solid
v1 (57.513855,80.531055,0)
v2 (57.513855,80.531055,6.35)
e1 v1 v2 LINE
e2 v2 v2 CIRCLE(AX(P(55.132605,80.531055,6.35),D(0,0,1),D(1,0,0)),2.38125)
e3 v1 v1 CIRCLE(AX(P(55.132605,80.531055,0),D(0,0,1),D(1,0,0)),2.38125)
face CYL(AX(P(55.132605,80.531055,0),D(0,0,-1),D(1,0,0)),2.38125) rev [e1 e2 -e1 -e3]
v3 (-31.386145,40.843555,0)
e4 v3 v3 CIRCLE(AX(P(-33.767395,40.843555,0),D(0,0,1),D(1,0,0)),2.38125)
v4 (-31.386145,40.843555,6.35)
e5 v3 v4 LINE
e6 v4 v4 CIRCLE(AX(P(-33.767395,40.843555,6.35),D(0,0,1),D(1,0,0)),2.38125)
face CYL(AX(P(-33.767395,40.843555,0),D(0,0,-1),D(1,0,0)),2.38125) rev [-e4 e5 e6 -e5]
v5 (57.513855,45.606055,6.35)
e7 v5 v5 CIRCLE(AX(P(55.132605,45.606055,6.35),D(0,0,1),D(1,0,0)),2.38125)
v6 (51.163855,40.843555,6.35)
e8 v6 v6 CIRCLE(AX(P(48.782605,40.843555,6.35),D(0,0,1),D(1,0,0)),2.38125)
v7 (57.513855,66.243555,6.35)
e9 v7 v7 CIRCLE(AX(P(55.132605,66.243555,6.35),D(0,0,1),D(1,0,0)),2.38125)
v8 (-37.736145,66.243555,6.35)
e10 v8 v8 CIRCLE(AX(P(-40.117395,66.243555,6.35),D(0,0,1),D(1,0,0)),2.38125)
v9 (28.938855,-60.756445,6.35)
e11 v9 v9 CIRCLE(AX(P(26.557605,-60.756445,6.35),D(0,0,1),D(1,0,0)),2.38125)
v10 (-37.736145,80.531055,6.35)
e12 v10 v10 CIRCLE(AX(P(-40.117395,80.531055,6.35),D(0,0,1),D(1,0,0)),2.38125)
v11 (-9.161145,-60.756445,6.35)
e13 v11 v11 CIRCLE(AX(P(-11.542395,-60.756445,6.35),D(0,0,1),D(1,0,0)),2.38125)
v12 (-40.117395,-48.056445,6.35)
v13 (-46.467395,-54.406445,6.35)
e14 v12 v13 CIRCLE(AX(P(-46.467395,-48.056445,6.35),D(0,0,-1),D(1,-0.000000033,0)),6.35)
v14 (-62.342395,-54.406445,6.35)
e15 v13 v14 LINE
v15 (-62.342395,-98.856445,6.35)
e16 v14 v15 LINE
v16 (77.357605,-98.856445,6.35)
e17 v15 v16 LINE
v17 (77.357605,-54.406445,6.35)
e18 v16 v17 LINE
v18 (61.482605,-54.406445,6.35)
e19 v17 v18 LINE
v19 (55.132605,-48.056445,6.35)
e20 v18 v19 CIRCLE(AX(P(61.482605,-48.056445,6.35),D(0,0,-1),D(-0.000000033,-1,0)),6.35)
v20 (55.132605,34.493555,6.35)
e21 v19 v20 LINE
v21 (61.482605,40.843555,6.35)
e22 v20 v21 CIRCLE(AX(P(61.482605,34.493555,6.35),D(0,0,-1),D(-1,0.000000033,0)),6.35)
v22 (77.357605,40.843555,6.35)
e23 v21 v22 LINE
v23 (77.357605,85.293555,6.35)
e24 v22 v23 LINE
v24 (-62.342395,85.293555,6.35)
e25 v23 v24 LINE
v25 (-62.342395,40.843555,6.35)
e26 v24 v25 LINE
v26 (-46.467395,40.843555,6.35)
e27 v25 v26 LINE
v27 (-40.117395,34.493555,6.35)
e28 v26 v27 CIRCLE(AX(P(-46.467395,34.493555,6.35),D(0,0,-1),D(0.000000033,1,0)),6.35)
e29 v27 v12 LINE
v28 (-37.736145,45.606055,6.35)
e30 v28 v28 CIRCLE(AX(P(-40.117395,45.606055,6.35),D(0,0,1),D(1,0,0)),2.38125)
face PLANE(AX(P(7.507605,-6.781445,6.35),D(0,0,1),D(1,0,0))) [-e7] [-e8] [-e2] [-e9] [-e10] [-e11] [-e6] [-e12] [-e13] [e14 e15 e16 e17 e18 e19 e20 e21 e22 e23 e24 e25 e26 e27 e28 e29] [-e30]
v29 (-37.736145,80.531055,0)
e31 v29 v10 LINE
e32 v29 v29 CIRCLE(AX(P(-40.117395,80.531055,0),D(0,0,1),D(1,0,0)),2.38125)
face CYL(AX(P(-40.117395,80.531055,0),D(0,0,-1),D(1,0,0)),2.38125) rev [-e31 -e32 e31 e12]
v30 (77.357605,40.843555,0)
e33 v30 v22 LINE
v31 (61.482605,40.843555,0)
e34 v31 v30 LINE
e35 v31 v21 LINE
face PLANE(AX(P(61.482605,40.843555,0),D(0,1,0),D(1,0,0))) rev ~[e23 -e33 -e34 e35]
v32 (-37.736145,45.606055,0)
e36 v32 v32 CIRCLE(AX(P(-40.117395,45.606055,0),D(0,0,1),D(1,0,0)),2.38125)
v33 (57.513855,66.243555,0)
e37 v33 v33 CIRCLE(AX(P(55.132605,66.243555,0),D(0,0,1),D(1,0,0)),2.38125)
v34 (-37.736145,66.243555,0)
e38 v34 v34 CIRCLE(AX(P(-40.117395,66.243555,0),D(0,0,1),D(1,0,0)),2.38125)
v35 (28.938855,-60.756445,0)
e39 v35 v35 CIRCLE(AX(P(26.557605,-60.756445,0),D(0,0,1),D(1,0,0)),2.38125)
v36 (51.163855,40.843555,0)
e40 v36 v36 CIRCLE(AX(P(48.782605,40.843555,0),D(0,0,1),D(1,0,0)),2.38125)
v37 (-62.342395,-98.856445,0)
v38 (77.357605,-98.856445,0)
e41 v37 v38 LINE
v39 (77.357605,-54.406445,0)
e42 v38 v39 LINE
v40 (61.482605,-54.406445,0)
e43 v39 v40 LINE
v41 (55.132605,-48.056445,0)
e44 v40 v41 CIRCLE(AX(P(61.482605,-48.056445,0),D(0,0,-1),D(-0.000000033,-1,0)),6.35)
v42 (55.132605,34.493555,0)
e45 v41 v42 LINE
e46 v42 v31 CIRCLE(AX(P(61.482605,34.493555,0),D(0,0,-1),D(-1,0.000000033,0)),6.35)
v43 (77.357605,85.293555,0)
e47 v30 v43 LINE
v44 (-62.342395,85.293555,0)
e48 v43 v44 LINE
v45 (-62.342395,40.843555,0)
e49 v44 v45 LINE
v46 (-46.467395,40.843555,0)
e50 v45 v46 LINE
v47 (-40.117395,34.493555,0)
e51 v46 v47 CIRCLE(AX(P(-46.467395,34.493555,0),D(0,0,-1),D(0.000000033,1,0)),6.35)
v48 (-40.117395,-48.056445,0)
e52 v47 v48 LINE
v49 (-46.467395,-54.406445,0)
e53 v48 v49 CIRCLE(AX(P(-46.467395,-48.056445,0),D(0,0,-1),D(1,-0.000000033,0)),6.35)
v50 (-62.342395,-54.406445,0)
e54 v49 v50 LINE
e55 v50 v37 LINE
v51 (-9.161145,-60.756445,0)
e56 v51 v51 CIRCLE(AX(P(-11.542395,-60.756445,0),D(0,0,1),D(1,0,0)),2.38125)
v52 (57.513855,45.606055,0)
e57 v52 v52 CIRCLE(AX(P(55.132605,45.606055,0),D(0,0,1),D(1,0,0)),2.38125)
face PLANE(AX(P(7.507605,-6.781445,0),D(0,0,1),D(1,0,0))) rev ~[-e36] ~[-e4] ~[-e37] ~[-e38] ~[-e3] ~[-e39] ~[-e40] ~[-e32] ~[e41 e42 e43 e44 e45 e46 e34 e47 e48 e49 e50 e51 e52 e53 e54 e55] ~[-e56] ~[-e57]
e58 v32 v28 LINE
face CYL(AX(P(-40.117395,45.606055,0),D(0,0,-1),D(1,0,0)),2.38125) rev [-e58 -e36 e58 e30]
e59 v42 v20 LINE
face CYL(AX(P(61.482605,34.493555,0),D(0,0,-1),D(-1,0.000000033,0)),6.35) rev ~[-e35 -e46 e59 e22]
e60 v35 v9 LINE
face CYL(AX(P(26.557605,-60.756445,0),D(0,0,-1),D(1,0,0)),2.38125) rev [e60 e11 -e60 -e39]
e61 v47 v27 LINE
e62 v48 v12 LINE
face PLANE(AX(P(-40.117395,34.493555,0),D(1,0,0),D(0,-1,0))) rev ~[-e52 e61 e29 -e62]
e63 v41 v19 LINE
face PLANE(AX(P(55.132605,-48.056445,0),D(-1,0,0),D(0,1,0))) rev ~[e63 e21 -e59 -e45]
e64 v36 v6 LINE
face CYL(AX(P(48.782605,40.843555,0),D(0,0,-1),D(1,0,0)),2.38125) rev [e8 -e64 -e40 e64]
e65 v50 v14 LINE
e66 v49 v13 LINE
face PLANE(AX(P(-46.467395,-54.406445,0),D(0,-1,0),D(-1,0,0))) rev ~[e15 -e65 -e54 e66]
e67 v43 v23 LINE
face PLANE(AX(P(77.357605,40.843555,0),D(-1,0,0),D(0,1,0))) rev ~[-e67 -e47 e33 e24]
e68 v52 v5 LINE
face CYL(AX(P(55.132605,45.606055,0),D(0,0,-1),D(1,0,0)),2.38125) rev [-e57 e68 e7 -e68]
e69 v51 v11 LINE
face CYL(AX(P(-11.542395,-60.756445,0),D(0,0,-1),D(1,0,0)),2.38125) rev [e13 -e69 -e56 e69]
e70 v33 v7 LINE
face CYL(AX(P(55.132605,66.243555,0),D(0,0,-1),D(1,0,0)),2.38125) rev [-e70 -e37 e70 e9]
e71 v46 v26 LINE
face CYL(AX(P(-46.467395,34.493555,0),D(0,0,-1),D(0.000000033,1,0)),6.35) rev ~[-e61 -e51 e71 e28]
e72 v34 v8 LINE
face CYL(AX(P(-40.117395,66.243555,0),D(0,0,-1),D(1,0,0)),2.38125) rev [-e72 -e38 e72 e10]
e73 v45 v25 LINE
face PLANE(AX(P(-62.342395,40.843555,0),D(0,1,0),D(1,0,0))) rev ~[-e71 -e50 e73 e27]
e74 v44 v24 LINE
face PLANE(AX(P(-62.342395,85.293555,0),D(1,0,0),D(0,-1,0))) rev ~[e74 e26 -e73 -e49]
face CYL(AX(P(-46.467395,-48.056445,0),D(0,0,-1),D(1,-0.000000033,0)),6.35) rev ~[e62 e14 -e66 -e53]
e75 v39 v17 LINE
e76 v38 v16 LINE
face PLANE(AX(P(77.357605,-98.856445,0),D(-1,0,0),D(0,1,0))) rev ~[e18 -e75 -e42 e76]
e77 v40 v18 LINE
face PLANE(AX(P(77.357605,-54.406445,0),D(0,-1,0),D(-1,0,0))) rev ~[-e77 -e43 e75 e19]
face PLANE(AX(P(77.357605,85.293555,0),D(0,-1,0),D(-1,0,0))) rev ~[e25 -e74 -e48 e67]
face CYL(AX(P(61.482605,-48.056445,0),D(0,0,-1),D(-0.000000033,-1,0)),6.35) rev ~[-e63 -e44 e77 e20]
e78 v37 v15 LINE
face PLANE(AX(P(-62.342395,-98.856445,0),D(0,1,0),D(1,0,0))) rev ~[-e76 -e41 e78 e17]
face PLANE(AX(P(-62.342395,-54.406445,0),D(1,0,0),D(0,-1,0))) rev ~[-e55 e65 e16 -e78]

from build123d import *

# Parameters (mm, degrees)
F0_R     = 2.38125
F1_DEPTH = 6.35


with BuildPart() as f1:
    # F0 (on Top) → F1 (new body)
    with BuildSketch(Plane.XY):
        with BuildLine():
            Line((77.357605, 85.293555), (-62.342395, 85.293555))
            Line((-62.342395, 85.293555), (-62.342395, 40.843555))
            Line((-62.342395, 40.843555), (-46.467395, 40.843555))
            ThreePointArc((-46.467395, 40.843555), (-41.977267, 38.983683), (-40.117395, 34.493555))
            Line((-40.117395, 34.493555), (-40.117395, -48.056445))
            ThreePointArc((-40.117395, -48.056445), (-41.977267, -52.546573), (-46.467395, -54.406445))
            Line((-46.467395, -54.406445), (-62.342395, -54.406445))
            Line((-62.342395, -54.406445), (-62.342395, -98.856445))
            Line((-62.342395, -98.856445), (-11.542395, -98.856445))
            Line((-11.542395, -98.856445), (77.357605, -98.856445))
            Line((77.357605, -98.856445), (77.357605, -54.406445))
            Line((77.357605, -54.406445), (61.482605, -54.406445))
            ThreePointArc((61.482605, -54.406445), (56.992477, -52.546573), (55.132605, -48.056445))
            Line((55.132605, -48.056445), (55.132605, 34.493555))
            ThreePointArc((55.132605, 34.493555), (56.992477, 38.983683), (61.482605, 40.843555))
            Line((61.482605, 40.843555), (77.357605, 40.843555))
            Line((77.357605, 40.843555), (77.357605, 85.293555))
        make_face()
        with Locations((-11.542395, -60.756445)):
            Circle(F0_R, mode=Mode.SUBTRACT)
        with Locations((26.557605, -60.756445)):
            Circle(F0_R, mode=Mode.SUBTRACT)
        with Locations((-40.117395, 45.606055)):
            Circle(F0_R, mode=Mode.SUBTRACT)
        with Locations((-33.767395, 40.843555)):
            Circle(F0_R, mode=Mode.SUBTRACT)
        with Locations((-40.117395, 66.243555)):
            Circle(F0_R, mode=Mode.SUBTRACT)
        with Locations((-40.117395, 80.531055)):
            Circle(F0_R, mode=Mode.SUBTRACT)
        with Locations((48.782605, 40.843555)):
            Circle(F0_R, mode=Mode.SUBTRACT)
        with Locations((55.132605, 45.606055)):
            Circle(F0_R, mode=Mode.SUBTRACT)
        with Locations((55.132605, 66.243555)):
            Circle(F0_R, mode=Mode.SUBTRACT)
        with Locations((55.132605, 80.531055)):
            Circle(F0_R, mode=Mode.SUBTRACT)
    extrude(amount=F1_DEPTH)


solid = f1.part
